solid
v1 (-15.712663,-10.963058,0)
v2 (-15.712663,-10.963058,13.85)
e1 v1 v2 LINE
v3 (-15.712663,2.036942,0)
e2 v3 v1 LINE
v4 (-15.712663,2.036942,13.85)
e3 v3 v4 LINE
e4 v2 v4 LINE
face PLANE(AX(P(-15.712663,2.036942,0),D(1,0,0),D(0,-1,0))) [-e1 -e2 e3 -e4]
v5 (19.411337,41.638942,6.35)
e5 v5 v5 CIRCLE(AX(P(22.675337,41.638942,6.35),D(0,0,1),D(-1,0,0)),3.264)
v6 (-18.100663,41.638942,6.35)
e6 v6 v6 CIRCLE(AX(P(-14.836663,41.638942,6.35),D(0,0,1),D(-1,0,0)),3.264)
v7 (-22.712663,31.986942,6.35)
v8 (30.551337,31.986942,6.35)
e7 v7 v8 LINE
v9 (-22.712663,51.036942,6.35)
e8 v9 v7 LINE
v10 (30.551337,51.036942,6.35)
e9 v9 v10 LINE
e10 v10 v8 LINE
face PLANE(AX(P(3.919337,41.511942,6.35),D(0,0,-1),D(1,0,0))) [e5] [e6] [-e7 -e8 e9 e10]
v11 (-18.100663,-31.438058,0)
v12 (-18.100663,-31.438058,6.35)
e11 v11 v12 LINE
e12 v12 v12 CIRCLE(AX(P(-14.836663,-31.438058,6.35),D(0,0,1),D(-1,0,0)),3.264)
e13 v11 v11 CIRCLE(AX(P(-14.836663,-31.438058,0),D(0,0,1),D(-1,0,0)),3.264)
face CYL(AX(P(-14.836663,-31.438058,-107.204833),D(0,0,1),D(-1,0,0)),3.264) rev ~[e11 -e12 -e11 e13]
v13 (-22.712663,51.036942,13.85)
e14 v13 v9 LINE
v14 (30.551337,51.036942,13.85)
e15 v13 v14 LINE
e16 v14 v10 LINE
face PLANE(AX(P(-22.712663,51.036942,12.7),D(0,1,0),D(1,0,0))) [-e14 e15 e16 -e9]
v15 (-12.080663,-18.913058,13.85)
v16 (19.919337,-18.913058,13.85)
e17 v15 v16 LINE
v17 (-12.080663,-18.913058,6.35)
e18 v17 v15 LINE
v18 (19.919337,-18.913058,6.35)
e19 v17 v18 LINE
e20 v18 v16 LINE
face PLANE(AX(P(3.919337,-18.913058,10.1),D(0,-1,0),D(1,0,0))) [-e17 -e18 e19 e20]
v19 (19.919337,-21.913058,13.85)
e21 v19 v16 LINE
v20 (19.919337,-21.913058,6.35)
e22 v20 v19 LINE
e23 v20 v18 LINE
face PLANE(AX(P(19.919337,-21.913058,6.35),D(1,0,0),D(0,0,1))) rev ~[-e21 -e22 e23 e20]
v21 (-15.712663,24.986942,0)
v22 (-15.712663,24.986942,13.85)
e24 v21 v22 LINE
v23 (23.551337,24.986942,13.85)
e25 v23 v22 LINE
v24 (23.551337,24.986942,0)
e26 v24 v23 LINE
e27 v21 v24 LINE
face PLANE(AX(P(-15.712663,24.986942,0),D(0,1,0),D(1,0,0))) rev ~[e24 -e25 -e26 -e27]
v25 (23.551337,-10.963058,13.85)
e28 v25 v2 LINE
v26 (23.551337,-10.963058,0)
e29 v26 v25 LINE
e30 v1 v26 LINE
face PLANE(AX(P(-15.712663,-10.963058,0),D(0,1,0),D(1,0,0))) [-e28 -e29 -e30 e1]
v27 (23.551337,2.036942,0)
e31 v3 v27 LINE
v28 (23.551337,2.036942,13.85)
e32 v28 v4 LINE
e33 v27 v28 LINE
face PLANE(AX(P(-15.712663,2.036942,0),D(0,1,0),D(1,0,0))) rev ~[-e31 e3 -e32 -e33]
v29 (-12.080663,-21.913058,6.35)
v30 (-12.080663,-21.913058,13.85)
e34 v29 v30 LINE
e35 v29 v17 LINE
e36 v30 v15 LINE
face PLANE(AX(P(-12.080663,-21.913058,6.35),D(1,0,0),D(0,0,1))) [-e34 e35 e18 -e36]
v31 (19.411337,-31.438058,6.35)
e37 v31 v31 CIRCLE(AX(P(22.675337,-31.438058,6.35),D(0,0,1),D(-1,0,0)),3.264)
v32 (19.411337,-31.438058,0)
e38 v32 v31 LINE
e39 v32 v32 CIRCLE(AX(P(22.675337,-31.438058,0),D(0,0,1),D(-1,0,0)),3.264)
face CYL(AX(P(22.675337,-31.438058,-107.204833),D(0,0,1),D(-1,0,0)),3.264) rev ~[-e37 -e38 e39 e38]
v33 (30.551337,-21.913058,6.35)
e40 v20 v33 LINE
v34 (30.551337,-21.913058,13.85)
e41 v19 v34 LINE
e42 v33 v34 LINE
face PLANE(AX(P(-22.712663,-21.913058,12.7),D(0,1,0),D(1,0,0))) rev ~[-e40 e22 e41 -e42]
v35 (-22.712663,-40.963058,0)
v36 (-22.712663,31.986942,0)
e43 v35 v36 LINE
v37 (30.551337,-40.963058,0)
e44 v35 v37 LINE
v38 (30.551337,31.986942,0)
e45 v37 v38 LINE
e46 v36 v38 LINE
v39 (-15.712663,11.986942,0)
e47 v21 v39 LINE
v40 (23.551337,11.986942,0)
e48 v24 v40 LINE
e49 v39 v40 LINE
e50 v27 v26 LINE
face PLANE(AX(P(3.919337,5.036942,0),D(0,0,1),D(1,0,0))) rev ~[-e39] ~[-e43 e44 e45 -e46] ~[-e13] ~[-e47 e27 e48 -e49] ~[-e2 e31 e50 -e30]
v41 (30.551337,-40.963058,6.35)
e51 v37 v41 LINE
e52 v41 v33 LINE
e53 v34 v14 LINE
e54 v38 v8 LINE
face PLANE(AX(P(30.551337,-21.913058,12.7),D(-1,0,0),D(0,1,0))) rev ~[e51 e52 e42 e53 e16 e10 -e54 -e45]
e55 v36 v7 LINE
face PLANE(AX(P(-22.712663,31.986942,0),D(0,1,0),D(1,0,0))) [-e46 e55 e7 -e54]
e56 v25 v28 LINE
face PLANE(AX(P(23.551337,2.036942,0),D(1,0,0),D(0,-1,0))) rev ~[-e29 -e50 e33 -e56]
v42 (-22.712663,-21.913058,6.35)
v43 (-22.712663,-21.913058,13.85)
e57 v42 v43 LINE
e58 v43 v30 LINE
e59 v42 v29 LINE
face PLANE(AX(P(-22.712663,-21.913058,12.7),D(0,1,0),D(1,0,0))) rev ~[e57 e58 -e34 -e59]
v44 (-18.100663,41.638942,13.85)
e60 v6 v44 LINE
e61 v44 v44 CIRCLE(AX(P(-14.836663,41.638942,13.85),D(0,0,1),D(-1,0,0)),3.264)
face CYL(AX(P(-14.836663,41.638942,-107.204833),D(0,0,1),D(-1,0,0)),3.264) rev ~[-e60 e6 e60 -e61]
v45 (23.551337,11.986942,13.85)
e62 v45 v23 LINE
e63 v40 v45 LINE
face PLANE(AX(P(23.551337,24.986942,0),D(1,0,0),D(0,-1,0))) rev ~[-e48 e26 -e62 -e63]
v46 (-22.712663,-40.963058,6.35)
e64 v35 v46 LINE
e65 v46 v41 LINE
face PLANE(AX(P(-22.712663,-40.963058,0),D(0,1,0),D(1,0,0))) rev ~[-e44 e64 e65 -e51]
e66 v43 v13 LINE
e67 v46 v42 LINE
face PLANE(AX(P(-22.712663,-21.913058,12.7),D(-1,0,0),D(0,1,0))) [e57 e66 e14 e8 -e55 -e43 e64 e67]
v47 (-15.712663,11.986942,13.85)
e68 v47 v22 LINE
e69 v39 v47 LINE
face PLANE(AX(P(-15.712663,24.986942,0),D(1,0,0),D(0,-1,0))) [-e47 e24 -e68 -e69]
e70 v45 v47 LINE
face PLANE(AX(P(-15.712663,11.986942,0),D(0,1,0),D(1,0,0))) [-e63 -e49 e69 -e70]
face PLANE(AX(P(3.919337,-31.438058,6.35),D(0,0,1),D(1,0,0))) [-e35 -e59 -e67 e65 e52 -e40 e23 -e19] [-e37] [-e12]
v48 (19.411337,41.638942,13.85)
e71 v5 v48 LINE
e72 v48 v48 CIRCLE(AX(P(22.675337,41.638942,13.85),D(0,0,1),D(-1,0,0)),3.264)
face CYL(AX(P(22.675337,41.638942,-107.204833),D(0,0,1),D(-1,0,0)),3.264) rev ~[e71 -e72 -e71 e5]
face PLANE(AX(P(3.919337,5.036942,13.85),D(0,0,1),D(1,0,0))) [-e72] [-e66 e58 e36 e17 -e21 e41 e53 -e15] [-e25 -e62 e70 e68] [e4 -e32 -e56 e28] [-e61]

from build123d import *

# Parameters (mm, degrees)
F0_W      = 53.264
F0_H      = 92
F1_DEPTH  = 12.7
F2_W      = 53.264
F2_H      = 19.05
F3_DEPTH  = 6.35
F4_W      = 53.264
F4_H      = 19.05
F5_DEPTH  = 6.35
F6_DEPTH  = 1.15
F7_D      = 6.528
F8_W      = 39.264
F8_H      = 13
F9_DEPTH  = 13.851
F10_W     = 32
F10_H     = 7.5
F11_DEPTH = 3


with BuildPart() as f1:
    # F0 (on Top) → F1 (new body)
    with BuildSketch(Plane.XY):
        with Locations((3.9193365263, 5.0369417648)):
            Rectangle(F0_W, F0_H)
    extrude(amount=F1_DEPTH)

    # F2 (on face) → F3 (cut)
    with BuildSketch(Plane(origin=(0, 0, 0), x_dir=(1, 0, 0), z_dir=(0, 0, -1))):
        with Locations((3.9193365263, -41.5119417648)):
            Rectangle(F2_W, F2_H)
    extrude(amount=-F3_DEPTH, mode=Mode.SUBTRACT)

    # F4 (on face) → F5 (cut)
    with BuildSketch(Plane.XY.offset(12.7)):
        with Locations((3.9193365263, -31.4380582352)):
            Rectangle(F4_W, F4_H)
    extrude(amount=-F5_DEPTH, mode=Mode.SUBTRACT)

    # F6 (add): a face of the model
    f6_faces = [f1.faces().sort_by_distance(p)[0] for p in [
        (3.9193365263, 14.5619417648, 12.7),
    ]]
    extrude(f6_faces, amount=F6_DEPTH)

    # F7 (through all)
    with Locations(Plane(origin=(0, 0, 0), x_dir=(1, 0, 0), z_dir=(0, 0, -1))):
        with Locations((-14.8366634737, 31.4380582352), (22.6753365263, 31.4380582352), (-14.8366634737, -41.6389417648), (22.6753365263, -41.6389417648)):
            Hole(F7_D / 2)

    # F8 (on face) → F9 (cut, through all)
    with BuildSketch(Plane(origin=(0, 0, 0), x_dir=(1, 0, 0), z_dir=(0, 0, -1))):
        with Locations((3.9193365263, 4.4630582352)):
            Rectangle(F8_W, F8_H)
        with Locations((3.9193365263, -18.4869417648)):
            Rectangle(F8_W, F8_H)
    extrude(amount=-F9_DEPTH, mode=Mode.SUBTRACT)

    # F10 (on face) → F11 (cut)
    with BuildSketch(Plane.XZ.offset(21.9130582352)):
        with Locations((3.9193365263, 10.1)):
            Rectangle(F10_W, F10_H)
    extrude(amount=-F11_DEPTH, mode=Mode.SUBTRACT)


solid = f1.part
